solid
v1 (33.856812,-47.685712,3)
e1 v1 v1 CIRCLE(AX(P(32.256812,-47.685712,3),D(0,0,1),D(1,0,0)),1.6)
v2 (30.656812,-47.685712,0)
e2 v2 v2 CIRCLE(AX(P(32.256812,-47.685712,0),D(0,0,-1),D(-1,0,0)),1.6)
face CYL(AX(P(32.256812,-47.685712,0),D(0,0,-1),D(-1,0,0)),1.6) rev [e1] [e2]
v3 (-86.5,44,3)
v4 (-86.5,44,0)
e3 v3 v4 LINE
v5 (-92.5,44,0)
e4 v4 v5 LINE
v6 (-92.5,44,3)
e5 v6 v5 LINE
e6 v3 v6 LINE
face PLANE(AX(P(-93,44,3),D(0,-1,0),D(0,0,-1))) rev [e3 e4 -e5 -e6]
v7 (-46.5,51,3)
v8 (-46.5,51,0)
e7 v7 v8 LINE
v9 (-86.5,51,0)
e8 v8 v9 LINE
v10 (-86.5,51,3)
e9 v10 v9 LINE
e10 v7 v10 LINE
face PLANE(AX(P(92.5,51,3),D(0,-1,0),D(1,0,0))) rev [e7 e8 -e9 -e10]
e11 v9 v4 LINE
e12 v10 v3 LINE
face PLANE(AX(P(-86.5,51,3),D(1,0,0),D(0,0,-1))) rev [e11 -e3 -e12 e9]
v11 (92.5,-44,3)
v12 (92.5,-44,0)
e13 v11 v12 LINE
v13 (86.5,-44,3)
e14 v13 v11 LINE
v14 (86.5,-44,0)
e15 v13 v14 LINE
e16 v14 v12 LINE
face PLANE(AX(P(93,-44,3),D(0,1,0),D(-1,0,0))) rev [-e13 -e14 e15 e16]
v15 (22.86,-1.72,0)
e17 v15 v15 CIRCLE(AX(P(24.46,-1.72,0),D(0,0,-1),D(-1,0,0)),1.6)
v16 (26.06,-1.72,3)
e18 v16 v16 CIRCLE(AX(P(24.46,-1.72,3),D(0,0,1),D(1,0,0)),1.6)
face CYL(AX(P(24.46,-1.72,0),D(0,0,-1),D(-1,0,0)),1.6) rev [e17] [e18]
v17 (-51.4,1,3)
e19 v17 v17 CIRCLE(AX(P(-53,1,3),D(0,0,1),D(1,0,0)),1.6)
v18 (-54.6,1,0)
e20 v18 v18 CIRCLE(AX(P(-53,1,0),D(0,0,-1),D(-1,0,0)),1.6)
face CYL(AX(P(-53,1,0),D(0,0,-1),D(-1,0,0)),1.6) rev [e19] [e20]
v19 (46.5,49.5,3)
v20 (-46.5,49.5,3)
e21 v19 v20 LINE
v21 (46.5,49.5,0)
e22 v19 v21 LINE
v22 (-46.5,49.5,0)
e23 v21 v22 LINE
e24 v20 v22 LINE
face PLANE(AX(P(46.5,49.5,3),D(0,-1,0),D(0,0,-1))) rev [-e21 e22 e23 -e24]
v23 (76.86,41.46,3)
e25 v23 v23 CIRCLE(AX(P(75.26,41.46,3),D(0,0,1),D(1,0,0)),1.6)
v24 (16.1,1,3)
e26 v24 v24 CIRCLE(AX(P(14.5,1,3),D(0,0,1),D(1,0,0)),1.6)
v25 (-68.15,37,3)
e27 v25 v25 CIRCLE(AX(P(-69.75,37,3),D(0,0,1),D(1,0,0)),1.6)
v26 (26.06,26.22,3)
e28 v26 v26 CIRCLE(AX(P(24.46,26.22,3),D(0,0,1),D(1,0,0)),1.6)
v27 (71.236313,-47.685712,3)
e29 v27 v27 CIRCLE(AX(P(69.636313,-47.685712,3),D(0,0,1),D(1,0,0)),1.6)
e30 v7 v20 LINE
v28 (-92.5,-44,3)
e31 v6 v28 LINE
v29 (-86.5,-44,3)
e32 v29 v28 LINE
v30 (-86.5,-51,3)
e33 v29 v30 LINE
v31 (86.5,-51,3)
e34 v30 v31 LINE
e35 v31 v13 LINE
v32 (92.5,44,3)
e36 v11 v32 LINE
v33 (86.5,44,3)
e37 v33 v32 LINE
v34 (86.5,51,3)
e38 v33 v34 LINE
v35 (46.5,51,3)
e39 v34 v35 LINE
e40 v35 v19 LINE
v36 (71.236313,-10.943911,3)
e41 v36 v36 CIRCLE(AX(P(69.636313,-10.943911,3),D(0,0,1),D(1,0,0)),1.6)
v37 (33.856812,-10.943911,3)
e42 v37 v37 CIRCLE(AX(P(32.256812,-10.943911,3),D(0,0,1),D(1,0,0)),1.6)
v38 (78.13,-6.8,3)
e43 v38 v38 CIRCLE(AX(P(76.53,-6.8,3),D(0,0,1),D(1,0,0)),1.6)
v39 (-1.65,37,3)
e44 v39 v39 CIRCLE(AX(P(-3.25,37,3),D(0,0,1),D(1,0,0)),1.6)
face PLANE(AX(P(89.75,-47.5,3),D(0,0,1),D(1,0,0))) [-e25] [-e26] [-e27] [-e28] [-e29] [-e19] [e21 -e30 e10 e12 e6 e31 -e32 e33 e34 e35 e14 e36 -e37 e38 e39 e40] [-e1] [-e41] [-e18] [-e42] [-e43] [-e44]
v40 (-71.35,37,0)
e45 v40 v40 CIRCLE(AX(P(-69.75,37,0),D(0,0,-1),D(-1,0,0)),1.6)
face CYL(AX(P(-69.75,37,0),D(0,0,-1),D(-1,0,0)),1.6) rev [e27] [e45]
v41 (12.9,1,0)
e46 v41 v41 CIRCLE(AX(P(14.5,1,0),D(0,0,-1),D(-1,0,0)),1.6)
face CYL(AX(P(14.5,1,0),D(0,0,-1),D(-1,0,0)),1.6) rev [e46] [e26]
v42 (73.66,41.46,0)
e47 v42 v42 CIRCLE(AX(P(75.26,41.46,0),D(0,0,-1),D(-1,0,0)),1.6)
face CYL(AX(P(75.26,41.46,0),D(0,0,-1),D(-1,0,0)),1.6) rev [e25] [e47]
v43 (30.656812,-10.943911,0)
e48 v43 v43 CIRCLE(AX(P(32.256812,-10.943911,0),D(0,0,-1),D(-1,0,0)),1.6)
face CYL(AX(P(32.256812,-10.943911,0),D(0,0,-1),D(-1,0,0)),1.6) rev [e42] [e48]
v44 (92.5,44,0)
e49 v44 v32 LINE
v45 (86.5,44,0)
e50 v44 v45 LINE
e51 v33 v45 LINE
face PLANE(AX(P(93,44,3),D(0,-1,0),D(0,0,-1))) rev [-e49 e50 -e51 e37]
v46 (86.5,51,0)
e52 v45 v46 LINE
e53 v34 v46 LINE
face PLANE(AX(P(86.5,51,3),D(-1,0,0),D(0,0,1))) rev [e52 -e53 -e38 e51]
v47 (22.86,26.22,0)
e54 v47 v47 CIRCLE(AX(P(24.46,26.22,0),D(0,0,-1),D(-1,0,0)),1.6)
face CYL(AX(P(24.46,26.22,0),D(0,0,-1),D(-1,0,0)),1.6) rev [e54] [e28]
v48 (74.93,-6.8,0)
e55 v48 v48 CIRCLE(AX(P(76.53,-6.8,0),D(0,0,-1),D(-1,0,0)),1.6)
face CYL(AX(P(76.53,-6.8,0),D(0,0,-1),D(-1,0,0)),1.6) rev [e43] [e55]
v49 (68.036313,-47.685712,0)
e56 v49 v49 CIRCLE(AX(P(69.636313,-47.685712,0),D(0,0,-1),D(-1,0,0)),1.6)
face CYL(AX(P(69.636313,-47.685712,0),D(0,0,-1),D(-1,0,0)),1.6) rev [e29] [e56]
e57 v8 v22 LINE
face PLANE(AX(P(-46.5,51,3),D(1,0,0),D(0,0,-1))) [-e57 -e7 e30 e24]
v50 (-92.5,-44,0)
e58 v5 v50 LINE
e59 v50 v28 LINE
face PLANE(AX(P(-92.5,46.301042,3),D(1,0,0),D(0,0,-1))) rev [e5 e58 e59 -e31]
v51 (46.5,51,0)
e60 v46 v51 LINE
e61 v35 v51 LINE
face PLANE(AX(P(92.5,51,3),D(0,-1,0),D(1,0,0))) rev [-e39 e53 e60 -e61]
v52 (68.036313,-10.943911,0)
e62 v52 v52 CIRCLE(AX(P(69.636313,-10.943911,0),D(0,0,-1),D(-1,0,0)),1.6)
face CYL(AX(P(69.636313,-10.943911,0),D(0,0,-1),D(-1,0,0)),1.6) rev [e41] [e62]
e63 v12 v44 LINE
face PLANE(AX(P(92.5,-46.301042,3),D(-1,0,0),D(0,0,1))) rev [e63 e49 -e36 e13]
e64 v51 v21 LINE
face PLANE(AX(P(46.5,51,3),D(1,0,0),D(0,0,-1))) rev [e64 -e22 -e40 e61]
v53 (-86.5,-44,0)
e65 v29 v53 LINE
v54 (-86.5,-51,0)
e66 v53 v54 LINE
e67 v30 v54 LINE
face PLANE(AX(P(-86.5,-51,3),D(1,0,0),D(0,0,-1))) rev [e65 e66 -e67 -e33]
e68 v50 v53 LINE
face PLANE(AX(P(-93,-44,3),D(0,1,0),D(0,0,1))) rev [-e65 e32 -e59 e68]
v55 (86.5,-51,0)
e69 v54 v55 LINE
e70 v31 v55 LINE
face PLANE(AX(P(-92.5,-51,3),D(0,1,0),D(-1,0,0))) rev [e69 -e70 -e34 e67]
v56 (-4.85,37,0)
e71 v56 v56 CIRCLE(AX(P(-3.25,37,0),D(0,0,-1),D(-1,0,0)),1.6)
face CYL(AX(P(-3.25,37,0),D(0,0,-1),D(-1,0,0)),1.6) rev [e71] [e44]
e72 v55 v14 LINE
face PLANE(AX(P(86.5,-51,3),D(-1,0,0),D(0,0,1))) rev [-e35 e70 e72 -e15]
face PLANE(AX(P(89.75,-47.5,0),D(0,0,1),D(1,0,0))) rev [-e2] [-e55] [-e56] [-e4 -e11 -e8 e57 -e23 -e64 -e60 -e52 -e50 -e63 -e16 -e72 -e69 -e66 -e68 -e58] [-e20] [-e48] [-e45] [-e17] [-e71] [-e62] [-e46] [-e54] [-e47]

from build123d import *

# Parameters (mm, degrees)
EXTRUDE_1_DEPTH     = 3
HOLE_WIZARD_M31_D   = 3.2
SKETCH_6_W          = 6.5
SKETCH_6_H          = 7
CUT_EXTRUDE_1_DEPTH = 106.670478375
SKETCH_7_W          = 93
SKETCH_7_H          = 1.5
CUT_EXTRUDE_2_DEPTH = 106.670478375


with BuildPart() as part:
    # Эскиз1 → Бобышка-Вытянуть1 (new body)
    with BuildSketch(Plane.XY):
        with BuildLine():
            Line((92.5, -51), (92.5, -48.698957881))
            ThreePointArc((92.5, -48.698957881), (86.75, -47.5), (92.5, -46.301042119))
            Line((92.5, -46.301042119), (92.5, 46.301042119))
            ThreePointArc((92.5, 46.301042119), (86.75, 47.5), (92.5, 48.698957881))
            Line((92.5, 48.698957881), (92.5, 51))
            Line((92.5, 51), (-92.5, 51))
            Line((-92.5, 51), (-92.5, 48.698957881))
            ThreePointArc((-92.5, 48.698957881), (-86.75, 47.5), (-92.5, 46.301042119))
            Line((-92.5, 46.301042119), (-92.5, -46.301042119))
            ThreePointArc((-92.5, -46.301042119), (-86.75, -47.5), (-92.5, -48.698957881))
            Line((-92.5, -48.698957881), (-92.5, -51))
            Line((-92.5, -51), (92.5, -51))
        make_face()
    extrude(amount=EXTRUDE_1_DEPTH)

    # Отверстие с зазором M31 (through all)
    with Locations(Plane(origin=(0, 0, 0), x_dir=(-1, 0, 0), z_dir=(0, 0, -1))):
        with Locations((-76.53, -6.8), (-24.46, -1.72), (-24.46, 26.22), (-75.26, 41.46), (-69.63631327, -47.68571173), (-69.63631327, -10.94391141), (-32.25681239, -10.94391141), (-32.25681239, -47.68571173), (-14.5, 1), (53, 1), (3.25, 37), (69.75, 37)):
            Hole(HOLE_WIZARD_M31_D / 2)

    # Эскиз6 → Вырез-Вытянуть1 (cut, through all)
    with BuildSketch(Plane(origin=(0, 0, 0), x_dir=(-1, 0, 0), z_dir=(0, 0, -1))):
        with Locations((-89.75, 47.5)):
            Rectangle(SKETCH_6_W, SKETCH_6_H)
        with Locations((89.75, 47.5)):
            Rectangle(SKETCH_6_W, SKETCH_6_H)
        with Locations((89.75, -47.5)):
            Rectangle(SKETCH_6_W, SKETCH_6_H)
        with Locations((-89.75, -47.5)):
            Rectangle(SKETCH_6_W, SKETCH_6_H)
    extrude(amount=-CUT_EXTRUDE_1_DEPTH, mode=Mode.SUBTRACT)

    # Эскиз7 → Вырез-Вытянуть2 (cut, through all)
    with BuildSketch(Plane(origin=(0, 0, 0), x_dir=(-1, 0, 0), z_dir=(0, 0, -1))):
        with Locations((0, 50.25)):
            Rectangle(SKETCH_7_W, SKETCH_7_H)
    extrude(amount=-CUT_EXTRUDE_2_DEPTH, mode=Mode.SUBTRACT)


solid = part.part
